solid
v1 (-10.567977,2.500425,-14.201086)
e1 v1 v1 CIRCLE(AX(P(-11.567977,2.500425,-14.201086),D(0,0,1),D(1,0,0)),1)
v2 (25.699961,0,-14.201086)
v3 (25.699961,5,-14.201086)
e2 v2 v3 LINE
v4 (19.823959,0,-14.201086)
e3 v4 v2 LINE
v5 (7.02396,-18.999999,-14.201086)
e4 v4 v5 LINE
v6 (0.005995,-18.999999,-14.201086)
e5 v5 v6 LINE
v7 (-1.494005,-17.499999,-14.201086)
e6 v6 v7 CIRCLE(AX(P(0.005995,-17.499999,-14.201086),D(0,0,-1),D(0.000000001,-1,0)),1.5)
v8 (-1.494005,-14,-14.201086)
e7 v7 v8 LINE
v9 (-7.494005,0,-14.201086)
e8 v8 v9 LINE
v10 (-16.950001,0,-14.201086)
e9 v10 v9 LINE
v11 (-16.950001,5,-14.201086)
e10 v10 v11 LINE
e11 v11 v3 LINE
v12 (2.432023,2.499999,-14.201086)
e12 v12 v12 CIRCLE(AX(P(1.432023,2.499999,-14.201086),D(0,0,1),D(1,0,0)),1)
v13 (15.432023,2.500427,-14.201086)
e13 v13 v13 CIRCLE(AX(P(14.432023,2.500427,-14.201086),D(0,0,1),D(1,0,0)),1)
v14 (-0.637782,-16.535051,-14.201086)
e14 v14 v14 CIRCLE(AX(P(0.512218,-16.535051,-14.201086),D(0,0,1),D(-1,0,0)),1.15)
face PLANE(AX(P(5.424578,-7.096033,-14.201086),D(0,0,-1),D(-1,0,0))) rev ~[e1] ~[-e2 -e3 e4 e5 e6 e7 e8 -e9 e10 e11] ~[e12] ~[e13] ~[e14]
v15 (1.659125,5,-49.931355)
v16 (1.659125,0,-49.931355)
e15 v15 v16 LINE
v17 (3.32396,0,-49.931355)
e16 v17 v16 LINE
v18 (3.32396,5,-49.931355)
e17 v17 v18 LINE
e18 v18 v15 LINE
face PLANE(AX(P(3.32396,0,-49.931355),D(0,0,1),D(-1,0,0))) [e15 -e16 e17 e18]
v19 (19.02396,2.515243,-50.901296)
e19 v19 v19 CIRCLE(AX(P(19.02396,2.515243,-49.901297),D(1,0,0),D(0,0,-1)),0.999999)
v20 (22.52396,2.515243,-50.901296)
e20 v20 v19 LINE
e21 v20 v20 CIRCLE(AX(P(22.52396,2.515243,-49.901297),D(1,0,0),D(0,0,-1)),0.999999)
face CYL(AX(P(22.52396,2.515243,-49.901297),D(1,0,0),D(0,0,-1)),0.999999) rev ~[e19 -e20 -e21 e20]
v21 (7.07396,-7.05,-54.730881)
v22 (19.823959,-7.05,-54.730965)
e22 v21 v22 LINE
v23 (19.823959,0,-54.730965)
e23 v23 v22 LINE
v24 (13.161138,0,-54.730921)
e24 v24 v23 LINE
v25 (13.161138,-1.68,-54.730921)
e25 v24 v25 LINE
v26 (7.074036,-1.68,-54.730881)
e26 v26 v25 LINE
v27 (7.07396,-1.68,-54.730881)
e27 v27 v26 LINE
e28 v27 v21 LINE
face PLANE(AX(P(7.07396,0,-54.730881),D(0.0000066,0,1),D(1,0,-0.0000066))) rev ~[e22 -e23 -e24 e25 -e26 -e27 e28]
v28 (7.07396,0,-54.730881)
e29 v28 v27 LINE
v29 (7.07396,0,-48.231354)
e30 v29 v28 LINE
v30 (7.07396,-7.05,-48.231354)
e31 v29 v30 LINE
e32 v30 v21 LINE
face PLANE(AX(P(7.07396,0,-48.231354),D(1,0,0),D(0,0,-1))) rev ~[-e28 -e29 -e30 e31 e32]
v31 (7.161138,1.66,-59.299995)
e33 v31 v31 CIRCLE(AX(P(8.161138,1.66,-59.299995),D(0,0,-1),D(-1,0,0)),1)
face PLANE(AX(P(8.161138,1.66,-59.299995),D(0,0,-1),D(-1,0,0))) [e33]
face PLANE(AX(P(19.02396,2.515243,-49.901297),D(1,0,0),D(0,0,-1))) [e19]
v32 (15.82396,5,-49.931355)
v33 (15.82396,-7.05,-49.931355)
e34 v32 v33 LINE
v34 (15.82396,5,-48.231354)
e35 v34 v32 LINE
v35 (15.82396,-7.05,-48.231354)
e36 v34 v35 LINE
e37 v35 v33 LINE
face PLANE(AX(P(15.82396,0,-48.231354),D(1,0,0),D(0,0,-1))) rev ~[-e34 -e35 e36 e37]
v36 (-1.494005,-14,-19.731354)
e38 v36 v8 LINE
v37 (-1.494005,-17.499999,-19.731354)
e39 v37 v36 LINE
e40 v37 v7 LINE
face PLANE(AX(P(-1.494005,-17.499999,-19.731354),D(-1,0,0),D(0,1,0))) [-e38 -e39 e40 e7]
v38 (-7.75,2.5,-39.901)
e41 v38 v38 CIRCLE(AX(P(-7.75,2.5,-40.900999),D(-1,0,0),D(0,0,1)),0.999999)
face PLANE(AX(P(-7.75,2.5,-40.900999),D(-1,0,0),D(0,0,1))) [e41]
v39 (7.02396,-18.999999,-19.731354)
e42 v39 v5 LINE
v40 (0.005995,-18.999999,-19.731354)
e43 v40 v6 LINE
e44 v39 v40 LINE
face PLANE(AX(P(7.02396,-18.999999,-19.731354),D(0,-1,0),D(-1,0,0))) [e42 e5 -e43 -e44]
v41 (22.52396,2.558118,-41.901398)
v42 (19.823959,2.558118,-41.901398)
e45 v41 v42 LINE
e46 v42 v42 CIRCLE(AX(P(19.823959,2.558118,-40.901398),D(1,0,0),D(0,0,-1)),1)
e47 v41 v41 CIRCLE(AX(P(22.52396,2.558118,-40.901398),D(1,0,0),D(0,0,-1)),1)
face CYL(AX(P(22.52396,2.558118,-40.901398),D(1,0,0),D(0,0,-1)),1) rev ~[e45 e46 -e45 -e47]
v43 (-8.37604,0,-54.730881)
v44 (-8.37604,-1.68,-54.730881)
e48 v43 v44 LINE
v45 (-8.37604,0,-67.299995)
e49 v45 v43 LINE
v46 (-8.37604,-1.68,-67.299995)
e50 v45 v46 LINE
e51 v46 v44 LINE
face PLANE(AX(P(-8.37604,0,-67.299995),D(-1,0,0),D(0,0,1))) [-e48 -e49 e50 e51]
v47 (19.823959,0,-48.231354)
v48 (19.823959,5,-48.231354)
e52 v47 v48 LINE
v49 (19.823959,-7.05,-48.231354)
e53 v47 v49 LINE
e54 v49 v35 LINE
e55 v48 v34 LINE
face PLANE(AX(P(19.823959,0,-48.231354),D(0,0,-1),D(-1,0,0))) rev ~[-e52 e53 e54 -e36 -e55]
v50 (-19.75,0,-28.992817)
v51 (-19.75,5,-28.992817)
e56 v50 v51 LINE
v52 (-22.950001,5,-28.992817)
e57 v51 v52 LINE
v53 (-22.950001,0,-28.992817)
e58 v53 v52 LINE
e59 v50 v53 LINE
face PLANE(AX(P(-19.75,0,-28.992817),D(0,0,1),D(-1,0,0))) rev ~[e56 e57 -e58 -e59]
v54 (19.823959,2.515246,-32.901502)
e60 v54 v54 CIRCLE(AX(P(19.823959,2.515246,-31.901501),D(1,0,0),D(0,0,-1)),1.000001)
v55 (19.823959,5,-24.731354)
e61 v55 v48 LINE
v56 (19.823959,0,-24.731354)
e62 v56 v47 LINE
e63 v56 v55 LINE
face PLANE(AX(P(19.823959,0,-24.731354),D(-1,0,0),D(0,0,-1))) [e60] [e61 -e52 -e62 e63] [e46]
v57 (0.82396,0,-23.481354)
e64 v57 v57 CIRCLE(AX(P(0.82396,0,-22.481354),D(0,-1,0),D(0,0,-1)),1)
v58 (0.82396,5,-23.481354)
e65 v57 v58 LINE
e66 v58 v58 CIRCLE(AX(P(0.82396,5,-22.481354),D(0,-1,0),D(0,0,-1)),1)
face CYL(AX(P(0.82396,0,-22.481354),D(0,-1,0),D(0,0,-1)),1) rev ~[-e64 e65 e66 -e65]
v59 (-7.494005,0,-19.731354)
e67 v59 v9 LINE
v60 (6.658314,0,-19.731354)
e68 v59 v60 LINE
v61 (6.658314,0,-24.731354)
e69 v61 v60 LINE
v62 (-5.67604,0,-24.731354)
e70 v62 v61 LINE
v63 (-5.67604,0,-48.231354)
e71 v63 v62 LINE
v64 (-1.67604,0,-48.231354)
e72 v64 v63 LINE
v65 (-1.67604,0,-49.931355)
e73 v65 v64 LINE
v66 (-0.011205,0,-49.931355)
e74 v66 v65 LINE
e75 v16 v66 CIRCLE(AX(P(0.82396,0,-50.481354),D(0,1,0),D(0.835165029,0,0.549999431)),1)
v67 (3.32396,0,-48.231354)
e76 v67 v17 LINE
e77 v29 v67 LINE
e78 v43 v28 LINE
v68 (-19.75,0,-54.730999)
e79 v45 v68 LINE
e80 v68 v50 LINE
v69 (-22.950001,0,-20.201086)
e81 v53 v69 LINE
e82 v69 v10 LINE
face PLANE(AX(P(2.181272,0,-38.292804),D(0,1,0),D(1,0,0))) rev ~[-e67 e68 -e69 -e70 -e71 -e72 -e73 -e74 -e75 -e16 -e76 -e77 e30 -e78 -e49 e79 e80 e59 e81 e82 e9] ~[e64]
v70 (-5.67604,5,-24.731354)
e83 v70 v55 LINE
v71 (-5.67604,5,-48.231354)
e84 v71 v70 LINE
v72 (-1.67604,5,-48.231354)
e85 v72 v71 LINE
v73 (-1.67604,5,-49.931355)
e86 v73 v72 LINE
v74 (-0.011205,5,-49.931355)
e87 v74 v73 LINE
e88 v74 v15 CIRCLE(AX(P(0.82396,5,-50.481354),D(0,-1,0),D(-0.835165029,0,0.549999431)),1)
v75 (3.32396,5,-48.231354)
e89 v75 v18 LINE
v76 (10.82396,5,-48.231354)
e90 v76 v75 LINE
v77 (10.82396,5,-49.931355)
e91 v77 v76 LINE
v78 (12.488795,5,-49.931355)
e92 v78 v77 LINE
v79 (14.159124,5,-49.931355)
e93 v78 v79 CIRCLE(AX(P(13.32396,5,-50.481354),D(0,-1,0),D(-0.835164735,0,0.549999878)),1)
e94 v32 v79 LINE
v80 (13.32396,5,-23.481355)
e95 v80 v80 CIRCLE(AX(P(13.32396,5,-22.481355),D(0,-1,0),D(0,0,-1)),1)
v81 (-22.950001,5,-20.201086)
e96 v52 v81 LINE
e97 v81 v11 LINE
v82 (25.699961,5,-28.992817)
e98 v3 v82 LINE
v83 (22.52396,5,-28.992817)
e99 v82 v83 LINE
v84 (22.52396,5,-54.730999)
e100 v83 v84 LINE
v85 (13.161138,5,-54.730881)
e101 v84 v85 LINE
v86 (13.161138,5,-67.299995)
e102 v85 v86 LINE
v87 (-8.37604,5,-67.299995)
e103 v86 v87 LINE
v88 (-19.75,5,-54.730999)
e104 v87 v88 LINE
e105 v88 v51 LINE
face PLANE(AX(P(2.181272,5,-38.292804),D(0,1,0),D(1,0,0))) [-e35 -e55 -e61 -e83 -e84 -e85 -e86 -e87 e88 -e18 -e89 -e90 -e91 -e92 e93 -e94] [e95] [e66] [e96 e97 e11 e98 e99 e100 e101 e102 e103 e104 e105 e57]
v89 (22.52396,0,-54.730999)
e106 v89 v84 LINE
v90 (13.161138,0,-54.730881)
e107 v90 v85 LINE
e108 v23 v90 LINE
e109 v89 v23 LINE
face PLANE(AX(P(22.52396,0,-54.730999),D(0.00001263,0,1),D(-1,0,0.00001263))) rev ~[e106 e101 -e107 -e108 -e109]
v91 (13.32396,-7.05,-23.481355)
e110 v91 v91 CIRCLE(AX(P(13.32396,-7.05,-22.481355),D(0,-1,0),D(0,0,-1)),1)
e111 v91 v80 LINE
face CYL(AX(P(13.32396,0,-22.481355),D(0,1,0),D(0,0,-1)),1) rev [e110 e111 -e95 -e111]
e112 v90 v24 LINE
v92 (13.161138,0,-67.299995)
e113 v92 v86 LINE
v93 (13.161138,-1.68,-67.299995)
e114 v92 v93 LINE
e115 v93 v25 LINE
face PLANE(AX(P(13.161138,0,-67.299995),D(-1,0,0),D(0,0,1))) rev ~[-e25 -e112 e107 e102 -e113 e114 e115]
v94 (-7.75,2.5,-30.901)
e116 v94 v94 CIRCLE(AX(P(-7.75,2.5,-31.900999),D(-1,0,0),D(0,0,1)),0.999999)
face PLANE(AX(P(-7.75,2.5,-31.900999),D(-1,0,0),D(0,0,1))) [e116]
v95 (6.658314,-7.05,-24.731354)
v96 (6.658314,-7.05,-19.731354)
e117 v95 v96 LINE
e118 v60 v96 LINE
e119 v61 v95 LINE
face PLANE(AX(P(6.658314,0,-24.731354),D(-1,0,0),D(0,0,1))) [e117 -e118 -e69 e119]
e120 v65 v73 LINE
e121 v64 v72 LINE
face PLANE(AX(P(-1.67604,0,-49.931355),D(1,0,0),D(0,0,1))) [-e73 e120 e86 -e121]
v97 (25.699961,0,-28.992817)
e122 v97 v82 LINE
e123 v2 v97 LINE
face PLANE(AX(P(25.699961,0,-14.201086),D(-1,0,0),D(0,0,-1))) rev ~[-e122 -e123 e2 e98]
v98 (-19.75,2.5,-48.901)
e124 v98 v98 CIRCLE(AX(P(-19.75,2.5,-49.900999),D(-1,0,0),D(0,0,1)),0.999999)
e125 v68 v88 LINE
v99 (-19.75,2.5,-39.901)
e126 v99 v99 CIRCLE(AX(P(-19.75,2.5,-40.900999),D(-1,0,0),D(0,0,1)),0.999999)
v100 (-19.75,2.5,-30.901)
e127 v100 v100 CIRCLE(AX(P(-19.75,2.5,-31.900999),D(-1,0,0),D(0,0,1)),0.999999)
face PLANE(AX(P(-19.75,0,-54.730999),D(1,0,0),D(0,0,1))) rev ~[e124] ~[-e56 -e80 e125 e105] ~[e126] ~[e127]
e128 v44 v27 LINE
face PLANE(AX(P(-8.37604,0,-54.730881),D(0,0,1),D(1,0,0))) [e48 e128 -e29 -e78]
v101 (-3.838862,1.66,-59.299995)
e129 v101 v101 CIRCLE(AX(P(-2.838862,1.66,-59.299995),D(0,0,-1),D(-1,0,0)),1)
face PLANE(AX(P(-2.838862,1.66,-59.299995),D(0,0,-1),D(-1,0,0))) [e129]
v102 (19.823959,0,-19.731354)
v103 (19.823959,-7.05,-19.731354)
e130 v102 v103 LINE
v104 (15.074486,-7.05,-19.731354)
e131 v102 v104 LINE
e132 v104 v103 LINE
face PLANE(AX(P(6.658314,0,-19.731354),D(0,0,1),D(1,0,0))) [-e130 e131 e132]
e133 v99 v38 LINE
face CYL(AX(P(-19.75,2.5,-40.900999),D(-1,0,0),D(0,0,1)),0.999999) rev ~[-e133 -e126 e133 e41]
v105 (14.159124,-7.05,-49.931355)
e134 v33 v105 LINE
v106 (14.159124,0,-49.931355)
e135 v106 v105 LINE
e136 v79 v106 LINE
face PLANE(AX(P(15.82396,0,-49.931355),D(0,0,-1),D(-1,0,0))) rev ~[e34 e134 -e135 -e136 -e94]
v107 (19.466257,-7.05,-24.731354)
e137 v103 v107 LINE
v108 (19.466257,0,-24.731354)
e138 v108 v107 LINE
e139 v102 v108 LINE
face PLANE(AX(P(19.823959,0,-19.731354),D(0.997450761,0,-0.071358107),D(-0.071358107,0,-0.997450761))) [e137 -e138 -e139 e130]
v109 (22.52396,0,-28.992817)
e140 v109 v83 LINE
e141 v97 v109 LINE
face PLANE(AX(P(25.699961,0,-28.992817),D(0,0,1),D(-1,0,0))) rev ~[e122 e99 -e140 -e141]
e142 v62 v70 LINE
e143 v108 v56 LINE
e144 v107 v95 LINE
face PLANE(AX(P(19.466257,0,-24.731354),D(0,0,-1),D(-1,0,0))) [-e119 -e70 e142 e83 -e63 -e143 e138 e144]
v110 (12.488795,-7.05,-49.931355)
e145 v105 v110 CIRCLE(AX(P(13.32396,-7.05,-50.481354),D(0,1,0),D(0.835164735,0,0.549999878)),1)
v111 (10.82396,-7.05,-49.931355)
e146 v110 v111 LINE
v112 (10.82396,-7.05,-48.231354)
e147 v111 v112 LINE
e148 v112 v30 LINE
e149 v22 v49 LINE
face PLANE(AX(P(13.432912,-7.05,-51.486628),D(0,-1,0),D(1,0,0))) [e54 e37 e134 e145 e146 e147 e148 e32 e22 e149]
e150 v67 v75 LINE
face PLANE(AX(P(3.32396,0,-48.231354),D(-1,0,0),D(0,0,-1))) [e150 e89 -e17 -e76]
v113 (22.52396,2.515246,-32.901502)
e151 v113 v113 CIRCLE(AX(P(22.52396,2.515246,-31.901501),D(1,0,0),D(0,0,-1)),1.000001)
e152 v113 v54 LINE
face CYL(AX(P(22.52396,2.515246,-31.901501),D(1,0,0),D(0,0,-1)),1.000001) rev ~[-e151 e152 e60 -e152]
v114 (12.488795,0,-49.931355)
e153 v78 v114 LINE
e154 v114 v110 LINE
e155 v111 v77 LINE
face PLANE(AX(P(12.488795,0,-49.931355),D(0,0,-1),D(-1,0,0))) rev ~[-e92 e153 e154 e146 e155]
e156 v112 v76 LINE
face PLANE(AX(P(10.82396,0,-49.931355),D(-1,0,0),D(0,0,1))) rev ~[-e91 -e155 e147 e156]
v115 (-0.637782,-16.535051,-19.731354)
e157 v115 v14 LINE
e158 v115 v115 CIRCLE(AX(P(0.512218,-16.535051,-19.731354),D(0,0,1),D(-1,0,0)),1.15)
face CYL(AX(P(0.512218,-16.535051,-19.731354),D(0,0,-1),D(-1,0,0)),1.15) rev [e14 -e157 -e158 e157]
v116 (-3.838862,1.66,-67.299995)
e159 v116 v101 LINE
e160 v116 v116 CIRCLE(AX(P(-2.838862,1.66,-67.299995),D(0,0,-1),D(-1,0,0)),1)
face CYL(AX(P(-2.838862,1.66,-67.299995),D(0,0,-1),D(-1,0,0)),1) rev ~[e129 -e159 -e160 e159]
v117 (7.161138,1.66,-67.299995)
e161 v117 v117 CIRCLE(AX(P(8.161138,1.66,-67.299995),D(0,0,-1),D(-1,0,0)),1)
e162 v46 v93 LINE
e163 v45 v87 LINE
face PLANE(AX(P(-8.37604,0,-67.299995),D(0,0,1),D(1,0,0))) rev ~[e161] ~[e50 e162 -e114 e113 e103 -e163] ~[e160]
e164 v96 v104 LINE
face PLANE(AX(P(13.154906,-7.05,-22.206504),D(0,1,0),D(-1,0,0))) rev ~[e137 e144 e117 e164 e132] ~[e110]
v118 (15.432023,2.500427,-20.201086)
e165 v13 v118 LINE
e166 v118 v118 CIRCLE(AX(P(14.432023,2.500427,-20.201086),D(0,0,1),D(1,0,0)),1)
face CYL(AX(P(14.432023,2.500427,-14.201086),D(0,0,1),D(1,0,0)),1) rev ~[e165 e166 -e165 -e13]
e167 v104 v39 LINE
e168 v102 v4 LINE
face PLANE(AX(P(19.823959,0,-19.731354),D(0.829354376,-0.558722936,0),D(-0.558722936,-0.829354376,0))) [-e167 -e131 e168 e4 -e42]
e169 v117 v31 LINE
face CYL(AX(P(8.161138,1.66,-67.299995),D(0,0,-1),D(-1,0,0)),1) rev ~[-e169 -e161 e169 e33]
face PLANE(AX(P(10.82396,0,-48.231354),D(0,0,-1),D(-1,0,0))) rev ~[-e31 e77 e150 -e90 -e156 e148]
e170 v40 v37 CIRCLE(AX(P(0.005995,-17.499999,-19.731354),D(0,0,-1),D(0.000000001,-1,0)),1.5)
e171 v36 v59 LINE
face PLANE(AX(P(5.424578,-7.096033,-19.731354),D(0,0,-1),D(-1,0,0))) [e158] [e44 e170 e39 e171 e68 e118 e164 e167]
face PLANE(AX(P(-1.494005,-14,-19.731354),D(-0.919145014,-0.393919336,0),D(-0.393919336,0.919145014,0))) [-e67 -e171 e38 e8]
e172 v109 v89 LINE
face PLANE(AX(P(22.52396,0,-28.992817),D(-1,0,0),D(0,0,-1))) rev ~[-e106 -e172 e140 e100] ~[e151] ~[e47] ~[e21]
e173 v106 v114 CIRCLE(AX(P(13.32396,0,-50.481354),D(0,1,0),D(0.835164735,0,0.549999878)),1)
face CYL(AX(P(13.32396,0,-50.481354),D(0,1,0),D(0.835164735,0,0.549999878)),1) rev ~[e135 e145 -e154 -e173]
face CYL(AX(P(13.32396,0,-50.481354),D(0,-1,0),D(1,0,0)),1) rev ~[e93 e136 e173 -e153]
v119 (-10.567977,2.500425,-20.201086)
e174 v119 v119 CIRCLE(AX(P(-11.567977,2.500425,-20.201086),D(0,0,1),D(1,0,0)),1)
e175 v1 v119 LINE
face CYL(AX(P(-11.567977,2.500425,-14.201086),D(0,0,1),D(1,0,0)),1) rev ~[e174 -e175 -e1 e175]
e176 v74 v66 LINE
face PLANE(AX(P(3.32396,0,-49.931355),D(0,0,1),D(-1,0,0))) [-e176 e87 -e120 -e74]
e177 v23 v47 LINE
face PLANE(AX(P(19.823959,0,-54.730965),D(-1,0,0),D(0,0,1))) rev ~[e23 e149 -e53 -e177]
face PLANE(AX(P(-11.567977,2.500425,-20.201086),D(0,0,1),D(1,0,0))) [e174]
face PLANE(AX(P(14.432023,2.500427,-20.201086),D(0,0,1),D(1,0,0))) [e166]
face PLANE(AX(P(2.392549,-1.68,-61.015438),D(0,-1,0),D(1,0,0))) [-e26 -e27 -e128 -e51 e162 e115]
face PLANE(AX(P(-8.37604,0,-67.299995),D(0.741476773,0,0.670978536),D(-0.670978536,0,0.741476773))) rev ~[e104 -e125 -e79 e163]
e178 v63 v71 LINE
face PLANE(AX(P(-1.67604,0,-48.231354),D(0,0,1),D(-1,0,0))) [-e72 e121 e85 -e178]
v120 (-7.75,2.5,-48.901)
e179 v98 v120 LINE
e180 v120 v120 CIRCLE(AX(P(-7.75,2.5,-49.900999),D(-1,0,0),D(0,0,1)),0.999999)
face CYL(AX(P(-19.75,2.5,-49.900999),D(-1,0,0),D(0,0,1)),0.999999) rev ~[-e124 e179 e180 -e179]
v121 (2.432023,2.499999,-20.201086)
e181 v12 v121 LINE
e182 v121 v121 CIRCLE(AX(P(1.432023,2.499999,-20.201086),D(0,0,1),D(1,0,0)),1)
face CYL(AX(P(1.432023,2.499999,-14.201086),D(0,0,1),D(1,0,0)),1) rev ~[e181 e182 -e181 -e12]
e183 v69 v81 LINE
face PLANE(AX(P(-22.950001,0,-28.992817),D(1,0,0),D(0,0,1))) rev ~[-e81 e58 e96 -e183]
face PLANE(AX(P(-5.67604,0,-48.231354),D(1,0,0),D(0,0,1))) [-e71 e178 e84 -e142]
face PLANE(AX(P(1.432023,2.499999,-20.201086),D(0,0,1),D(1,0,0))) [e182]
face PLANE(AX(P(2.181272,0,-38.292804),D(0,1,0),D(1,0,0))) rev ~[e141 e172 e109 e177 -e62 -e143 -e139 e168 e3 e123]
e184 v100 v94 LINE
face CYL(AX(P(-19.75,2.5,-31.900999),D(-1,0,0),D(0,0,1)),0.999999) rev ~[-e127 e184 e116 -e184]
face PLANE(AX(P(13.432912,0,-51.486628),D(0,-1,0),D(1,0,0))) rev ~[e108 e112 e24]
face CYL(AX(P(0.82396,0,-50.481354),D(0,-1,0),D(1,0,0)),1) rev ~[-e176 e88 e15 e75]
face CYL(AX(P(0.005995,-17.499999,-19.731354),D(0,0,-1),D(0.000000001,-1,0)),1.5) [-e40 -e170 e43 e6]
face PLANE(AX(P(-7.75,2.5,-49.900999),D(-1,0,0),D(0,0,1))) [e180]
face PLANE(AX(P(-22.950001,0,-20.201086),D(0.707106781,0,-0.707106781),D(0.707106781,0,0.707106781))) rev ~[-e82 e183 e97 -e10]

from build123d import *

# Parameters (mm, degrees)
EXTRUDE_1_DEPTH     = 5
SKETCH_4_R          = 0.999999968
SKETCH_4_R_2        = 1.000000188
CUT_EXTRUDE_1_DEPTH = 5
SKETCH_6_R          = 1.000000276
SKETCH_6_R_2        = 0.999999818
CUT_EXTRUDE_2_DEPTH = 5
SKETCH_13_R         = 1.000000021
SKETCH_13_R_2       = 0.999999728
SKETCH_13_R_3       = 0.999999832
CUT_EXTRUDE_3_DEPTH = 6
SKETCH_18_R         = 1.000000534
SKETCH_18_R_2       = 1.000000046
SKETCH_18_R_3       = 0.999998785
CUT_EXTRUDE_5_DEPTH = 3.5
SKETCH_23_R         = 0.999998521
SKETCH_23_R_2       = 0.99999884
SKETCH_23_R_3       = 0.999998599
CUT_EXTRUDE_7_DEPTH = 12
EXTRUDE_5_DEPTH     = 7.05
SKETCH_26_R         = 1.000000188
EXTRUDE_5_2_DEPTH   = 7.05
SKETCH_27_W         = 21.53717804
SKETCH_27_H         = 12.569114685
EXTRUDE_6_DEPTH     = 1.68
SKETCH_28_R         = 1
CUT_EXTRUDE_8_DEPTH = 8
SKETCH_29_R         = 1.149999964
EXTRUDE_7_DEPTH     = 5.530267715


with BuildPart() as part:
    # 草图2 → 凸台-拉伸1 (new body)
    with BuildSketch(Plane(origin=(0, 0, 0), x_dir=(1, 0, 0), z_dir=(0, 1, 0))):
        Polygon((-16.950000763, 14.201086044), (25.699960709, 14.201086044), (25.699960709, 28.992816925), (22.523960114, 28.992816925), (22.523960114, 54.730998993), (13.161137581, 54.730880737), (13.161137581, 67.299995422), (-8.376040459, 67.299995422), (-19.75, 54.730998993), (-19.75, 28.992816925), (-22.950000763, 28.992816925), (-22.950000763, 20.201086044), align=None)
    extrude(amount=EXTRUDE_1_DEPTH)

    # 草图4 → 切除-拉伸1 (cut)
    with BuildSketch(Plane.XZ):
        with Locations(Location((0.823959914, -22.48135431, 0), (0, 0, 270))):
            Circle(SKETCH_4_R)
        with Locations(Location((13.323959603, -22.481354784, 0), (0, 0, 270))):
            Circle(SKETCH_4_R_2)
        Polygon((-5.676040173, -24.73135376), (19.823959351, -24.73135376), (19.823959351, -48.23135376), (15.823960304, -48.23135376), (15.823960304, -49.931354523), (10.823960304, -49.931354523), (10.823960304, -48.23135376), (3.323960066, -48.23135376), (3.323960066, -49.931354523), (-1.676040053, -49.931354523), (-1.676040053, -48.23135376), (-5.676040173, -48.23135376), align=None)
    extrude(amount=-CUT_EXTRUDE_1_DEPTH, mode=Mode.SUBTRACT)

    # 草图6 → 切除-拉伸2 (cut)
    with BuildSketch(Plane.XZ):
        with Locations((0.823959833, -50.481354106)):
            Circle(SKETCH_6_R)
        with Locations((13.323959879, -50.481354301)):
            Circle(SKETCH_6_R_2)
    extrude(amount=-CUT_EXTRUDE_2_DEPTH, mode=Mode.SUBTRACT)

    # 草图13 → 切除-拉伸3 (cut)
    with BuildSketch(Plane.XY.offset(-14.201086044)):
        with Locations((1.43202298, 2.499998854)):
            Circle(SKETCH_13_R)
        with Locations((14.432022776, 2.500426737)):
            Circle(SKETCH_13_R_2)
        with Locations((-11.56797721, 2.500425343)):
            Circle(SKETCH_13_R_3)
    extrude(amount=-CUT_EXTRUDE_3_DEPTH, mode=Mode.SUBTRACT)

    # 草图18 → 切除-拉伸5 (cut)
    with BuildSketch(Plane(origin=(22.523960114, 0, 0), x_dir=(0, 0, -1), z_dir=(1, 0, 0))):
        with Locations((31.901501235, 2.515246467)):
            Circle(SKETCH_18_R)
        with Locations((40.901397751, 2.558118146)):
            Circle(SKETCH_18_R_2)
        with Locations((49.901297308, 2.515242677)):
            Circle(SKETCH_18_R_3)
    extrude(amount=-CUT_EXTRUDE_5_DEPTH, mode=Mode.SUBTRACT)

    # 草图23 → 切除-拉伸7 (cut)
    with BuildSketch(Plane.ZY.offset(19.75)):
        with Locations((-31.900998993, 2.5)):
            Circle(SKETCH_23_R)
        with Locations((-40.900998993, 2.5)):
            Circle(SKETCH_23_R_2)
        with Locations((-49.900998993, 2.5)):
            Circle(SKETCH_23_R_3)
    extrude(amount=-CUT_EXTRUDE_7_DEPTH, mode=Mode.SUBTRACT)



with BuildPart() as body_2:
    # 草图26 → 凸台-拉伸5 (new body)
    with BuildSketch(Plane.XZ):
        with BuildLine():
            Line((7.073960185, -48.23135376), (7.073960185, -54.730880737))
            Line((7.073960185, -54.730880737), (19.823959351, -54.730964891))
            Line((19.823959351, -54.730964891), (19.823959351, -48.23135376))
            Line((19.823959351, -48.23135376), (15.823960304, -48.23135376))
            Line((15.823960304, -48.23135376), (15.823960304, -49.931354523))
            Line((15.823960304, -49.931354523), (14.159124462, -49.931354523))
            ThreePointArc((14.159124462, -49.931354523), (13.323959879, -51.481354119), (12.488795296, -49.931354523))
            Line((12.488795296, -49.931354523), (10.823960304, -49.931354523))
            Line((10.823960304, -49.931354523), (10.823960304, -48.23135376))
            Line((10.823960304, -48.23135376), (7.073960185, -48.23135376))
        make_face()
    extrude(amount=EXTRUDE_5_DEPTH)


with BuildPart() as body_3:
    # 草图26 → Extrude 5 2 (new body)
    with BuildSketch(Plane.XZ):
        Polygon((6.658313635, -24.73135376), (6.658313635, -19.73135376), (19.823959351, -19.73135376), (19.466256946, -24.73135376), align=None)
        with Locations(Location((13.323959603, -22.481354784, 0), (0, 0, 270))):
            Circle(SKETCH_26_R, mode=Mode.SUBTRACT)
    extrude(amount=EXTRUDE_5_2_DEPTH)


with BuildPart() as part_1:
    add(part.part)

    add(body_2.part)  # 凸台-拉伸6 merges body 2
    # 草图27 → 凸台-拉伸6 (add)
    with BuildSketch(Plane.XZ):
        with Locations((2.392548561, -61.01543808)):
            Rectangle(SKETCH_27_W, SKETCH_27_H)
    extrude(amount=EXTRUDE_6_DEPTH)

    # 草图28 → 切除-拉伸8 (cut)
    with BuildSketch(Plane(origin=(0, 0, -67.299995422), x_dir=(-1, 0, 0), z_dir=(0, 0, -1))):
        with Locations((-8.161137581, 1.66)):
            Circle(SKETCH_28_R)
        with Locations((2.838862419, 1.66)):
            Circle(SKETCH_28_R)
    extrude(amount=-CUT_EXTRUDE_8_DEPTH, mode=Mode.SUBTRACT)


    add(body_3.part)  # 凸台-拉伸7 merges body 3
    # 草图29 → 凸台-拉伸7 (add)
    with BuildSketch(Plane.XY.offset(-19.73135376)):
        with BuildLine():
            Line((-7.494005203, 0), (19.823959351, 0))
            Line((19.823959351, 0), (7.023960114, -18.999999285))
            Line((7.023960114, -18.999999285), (0.005995274, -18.999999285))
            ThreePointArc((0.005995274, -18.999999285), (-1.054664898, -18.560659457), (-1.494004726, -17.499999285))
            Line((-1.494004726, -17.499999285), (-1.494004726, -13.999999523))
            Line((-1.494004726, -13.999999523), (-7.494005203, 0))
        make_face()
        with Locations(Location((0.512218449, -16.535050796, 0), (0, 0, 180))):
            Circle(SKETCH_29_R, mode=Mode.SUBTRACT)
    extrude(amount=EXTRUDE_7_DEPTH)


solid = part_1.part
